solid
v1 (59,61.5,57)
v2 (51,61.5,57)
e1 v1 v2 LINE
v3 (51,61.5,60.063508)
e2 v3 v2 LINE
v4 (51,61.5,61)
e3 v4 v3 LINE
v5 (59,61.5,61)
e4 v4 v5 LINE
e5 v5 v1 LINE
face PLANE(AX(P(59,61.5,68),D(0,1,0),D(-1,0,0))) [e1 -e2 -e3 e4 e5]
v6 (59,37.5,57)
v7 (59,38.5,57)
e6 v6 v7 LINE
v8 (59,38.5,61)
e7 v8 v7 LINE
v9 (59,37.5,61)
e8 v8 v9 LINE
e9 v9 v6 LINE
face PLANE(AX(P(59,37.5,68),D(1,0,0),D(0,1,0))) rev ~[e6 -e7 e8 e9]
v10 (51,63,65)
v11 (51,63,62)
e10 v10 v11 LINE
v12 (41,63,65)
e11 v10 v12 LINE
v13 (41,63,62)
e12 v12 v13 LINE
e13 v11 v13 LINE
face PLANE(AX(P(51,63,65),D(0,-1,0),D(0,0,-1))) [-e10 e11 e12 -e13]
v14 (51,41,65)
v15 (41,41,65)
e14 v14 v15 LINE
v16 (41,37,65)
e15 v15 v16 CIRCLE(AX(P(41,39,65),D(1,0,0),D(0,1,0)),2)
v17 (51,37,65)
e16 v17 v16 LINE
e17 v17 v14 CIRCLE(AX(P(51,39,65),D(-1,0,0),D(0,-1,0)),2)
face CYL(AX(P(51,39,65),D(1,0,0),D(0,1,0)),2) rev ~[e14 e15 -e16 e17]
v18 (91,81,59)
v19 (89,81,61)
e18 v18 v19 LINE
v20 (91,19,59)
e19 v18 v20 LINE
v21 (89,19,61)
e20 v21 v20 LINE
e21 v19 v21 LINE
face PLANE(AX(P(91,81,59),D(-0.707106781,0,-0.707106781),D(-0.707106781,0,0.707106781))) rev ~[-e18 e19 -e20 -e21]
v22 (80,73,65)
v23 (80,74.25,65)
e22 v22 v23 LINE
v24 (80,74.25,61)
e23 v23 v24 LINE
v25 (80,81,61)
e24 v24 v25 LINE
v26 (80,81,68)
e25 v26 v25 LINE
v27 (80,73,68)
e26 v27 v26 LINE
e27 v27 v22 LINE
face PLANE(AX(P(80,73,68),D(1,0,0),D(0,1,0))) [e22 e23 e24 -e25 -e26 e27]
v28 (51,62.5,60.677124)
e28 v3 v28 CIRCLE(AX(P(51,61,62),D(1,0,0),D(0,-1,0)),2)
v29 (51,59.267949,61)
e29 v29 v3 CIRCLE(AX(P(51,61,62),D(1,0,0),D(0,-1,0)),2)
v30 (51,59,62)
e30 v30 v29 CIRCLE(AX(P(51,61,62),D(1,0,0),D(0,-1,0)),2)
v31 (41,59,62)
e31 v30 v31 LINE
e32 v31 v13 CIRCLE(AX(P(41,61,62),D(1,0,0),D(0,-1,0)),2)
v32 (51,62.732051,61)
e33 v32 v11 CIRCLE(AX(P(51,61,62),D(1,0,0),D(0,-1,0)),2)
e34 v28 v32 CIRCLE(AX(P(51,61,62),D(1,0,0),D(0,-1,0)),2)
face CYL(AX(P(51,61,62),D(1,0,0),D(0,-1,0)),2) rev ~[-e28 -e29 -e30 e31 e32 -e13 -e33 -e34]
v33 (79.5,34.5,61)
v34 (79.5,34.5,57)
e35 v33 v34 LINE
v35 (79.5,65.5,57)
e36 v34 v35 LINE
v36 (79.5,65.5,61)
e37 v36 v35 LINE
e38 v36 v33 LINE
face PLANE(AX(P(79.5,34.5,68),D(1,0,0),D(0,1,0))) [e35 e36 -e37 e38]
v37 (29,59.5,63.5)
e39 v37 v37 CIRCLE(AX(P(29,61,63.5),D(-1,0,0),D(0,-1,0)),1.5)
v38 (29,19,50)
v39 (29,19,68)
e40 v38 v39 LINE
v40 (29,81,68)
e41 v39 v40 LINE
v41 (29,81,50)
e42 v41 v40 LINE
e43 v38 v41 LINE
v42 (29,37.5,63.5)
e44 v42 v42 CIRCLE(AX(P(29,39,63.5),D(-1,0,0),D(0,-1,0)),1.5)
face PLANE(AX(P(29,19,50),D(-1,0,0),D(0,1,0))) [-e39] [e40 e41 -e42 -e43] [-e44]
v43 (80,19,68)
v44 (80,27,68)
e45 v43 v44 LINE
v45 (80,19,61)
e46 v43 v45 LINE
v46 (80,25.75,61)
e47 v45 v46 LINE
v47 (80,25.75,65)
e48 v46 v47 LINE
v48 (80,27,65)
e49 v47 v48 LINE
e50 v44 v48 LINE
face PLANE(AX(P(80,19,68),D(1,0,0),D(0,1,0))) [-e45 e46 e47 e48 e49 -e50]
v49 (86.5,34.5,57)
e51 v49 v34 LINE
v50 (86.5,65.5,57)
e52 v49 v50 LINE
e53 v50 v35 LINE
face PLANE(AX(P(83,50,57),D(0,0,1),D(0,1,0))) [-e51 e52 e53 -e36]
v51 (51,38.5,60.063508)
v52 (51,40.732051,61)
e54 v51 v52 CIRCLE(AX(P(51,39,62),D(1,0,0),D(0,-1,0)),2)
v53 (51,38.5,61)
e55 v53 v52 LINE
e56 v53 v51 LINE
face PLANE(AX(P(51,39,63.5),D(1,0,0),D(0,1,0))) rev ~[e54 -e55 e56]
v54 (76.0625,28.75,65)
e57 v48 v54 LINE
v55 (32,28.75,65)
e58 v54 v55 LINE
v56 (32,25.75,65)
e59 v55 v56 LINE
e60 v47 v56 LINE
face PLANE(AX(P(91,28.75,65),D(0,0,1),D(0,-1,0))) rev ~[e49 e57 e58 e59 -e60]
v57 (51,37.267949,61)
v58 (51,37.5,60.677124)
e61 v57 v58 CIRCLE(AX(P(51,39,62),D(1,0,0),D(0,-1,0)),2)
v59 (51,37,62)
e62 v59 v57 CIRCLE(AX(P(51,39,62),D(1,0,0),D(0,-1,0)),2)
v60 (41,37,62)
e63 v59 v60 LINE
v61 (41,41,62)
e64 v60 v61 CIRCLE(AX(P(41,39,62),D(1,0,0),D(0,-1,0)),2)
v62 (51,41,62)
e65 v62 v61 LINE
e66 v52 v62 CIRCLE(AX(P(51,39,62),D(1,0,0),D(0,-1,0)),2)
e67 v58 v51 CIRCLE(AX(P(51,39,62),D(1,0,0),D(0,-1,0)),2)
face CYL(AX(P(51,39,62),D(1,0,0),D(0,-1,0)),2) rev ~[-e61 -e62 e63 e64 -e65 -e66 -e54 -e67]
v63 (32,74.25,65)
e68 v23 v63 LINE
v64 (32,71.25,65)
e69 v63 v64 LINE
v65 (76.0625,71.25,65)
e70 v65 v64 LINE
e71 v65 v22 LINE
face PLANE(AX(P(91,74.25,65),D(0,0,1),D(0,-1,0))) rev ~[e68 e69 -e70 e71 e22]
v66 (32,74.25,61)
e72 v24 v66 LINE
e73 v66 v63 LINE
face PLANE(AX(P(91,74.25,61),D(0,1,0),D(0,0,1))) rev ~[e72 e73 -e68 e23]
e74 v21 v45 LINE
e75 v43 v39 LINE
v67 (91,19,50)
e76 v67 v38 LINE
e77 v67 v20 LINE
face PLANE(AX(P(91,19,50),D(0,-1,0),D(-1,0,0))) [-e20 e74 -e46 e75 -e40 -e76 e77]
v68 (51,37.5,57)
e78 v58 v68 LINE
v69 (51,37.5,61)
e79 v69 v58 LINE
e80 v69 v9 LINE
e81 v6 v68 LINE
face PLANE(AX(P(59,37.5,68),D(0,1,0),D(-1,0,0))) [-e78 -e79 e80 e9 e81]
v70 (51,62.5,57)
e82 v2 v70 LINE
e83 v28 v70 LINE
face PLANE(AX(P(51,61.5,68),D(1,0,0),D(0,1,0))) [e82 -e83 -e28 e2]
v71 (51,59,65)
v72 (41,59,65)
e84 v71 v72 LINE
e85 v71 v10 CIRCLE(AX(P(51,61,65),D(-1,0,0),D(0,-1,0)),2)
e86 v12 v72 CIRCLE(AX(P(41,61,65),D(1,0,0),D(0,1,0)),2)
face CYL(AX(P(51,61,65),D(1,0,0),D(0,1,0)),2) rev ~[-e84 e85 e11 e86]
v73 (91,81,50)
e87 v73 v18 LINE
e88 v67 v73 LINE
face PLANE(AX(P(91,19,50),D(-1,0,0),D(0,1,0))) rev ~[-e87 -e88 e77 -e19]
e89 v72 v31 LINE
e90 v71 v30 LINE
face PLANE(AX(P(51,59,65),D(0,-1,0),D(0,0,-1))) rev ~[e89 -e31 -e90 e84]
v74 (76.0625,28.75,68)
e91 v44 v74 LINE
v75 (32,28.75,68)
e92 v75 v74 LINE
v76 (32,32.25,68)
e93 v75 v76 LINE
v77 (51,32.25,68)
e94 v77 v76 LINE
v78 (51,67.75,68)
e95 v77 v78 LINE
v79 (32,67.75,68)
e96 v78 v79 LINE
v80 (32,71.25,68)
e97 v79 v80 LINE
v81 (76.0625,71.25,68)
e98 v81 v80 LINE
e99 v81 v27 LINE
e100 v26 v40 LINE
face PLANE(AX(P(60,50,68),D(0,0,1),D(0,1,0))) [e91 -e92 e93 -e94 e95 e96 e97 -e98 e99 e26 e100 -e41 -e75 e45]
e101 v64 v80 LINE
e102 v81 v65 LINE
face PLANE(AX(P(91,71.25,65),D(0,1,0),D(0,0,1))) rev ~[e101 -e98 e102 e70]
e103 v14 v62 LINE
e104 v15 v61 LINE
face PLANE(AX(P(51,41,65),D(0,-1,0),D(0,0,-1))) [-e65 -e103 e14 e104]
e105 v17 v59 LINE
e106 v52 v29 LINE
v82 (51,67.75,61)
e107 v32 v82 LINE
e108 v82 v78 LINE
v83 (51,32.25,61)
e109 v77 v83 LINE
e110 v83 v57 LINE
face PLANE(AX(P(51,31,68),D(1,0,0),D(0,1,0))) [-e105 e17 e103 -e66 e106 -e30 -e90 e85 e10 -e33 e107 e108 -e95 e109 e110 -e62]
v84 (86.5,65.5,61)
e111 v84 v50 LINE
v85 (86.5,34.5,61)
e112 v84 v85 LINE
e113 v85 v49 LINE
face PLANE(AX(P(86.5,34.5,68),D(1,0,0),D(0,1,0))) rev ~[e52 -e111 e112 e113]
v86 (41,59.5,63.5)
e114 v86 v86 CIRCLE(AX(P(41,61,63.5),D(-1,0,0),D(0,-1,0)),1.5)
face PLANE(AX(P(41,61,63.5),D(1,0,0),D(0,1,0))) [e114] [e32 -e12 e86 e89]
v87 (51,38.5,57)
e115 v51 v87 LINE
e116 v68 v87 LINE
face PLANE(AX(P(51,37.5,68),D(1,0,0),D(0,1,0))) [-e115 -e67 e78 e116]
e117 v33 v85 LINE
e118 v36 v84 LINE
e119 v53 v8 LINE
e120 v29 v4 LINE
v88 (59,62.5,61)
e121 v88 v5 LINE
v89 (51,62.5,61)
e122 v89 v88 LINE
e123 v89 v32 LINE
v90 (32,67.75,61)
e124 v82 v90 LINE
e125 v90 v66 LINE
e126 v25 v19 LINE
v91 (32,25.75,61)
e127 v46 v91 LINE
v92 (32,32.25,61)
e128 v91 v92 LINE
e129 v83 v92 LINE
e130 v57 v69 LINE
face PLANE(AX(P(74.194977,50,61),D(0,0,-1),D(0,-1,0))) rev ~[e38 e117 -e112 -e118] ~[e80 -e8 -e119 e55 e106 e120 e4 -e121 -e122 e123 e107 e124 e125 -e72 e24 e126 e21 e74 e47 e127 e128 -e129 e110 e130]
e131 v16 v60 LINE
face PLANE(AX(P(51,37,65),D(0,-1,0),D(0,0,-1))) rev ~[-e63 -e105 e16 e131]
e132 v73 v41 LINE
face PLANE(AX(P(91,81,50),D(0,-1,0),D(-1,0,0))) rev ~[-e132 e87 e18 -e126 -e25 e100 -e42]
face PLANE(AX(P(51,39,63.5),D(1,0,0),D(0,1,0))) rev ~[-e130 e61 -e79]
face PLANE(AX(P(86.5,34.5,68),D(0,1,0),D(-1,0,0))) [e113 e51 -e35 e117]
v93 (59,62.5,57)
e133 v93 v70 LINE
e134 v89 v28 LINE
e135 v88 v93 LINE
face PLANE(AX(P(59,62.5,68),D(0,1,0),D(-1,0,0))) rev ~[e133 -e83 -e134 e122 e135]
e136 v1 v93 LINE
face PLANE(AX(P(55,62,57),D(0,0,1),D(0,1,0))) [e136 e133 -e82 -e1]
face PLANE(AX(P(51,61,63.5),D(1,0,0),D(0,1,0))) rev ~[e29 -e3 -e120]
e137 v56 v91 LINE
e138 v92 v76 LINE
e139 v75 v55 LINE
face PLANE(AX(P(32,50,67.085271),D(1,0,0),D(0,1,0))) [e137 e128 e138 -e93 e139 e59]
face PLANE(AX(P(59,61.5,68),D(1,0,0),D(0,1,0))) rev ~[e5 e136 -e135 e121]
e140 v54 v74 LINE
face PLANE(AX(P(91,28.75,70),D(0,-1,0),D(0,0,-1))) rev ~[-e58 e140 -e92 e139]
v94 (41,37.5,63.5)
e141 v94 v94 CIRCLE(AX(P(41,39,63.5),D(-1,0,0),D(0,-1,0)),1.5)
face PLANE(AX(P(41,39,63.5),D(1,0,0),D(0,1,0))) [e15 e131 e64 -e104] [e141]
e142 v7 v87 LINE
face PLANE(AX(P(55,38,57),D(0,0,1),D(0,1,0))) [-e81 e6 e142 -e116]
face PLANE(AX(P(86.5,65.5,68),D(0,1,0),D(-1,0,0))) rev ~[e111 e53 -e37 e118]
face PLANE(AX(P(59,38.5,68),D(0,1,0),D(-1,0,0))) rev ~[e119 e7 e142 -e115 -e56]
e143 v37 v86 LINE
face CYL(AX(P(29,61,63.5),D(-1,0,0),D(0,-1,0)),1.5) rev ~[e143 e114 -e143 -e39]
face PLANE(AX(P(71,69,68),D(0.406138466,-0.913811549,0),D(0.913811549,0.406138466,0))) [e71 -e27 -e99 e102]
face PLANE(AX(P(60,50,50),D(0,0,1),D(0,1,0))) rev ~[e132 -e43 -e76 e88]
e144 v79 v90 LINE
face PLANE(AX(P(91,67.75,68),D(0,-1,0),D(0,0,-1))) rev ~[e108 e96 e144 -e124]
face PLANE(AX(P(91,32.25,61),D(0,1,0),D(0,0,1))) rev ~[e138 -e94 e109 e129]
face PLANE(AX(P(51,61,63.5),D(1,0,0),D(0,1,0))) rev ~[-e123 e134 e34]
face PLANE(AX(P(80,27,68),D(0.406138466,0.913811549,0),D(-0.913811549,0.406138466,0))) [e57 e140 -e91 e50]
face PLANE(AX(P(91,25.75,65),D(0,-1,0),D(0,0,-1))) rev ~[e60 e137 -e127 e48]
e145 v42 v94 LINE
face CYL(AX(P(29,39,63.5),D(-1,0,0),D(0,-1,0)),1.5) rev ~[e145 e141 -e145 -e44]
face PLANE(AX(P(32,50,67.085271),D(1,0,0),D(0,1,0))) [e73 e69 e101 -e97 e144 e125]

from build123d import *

# Parameters (mm, degrees)
SKETCH072_W             = 62
SKETCH072_H             = 62
PAD012_DEPTH            = 18
POCKET059_DEPTH         = 59
POCKET060_DEPTH         = 7
SKETCH077_R             = 1.5
POCKET062_DEPTH         = 22
POCKET067_DEPTH         = 10
SKETCH076_W             = 31
SKETCH076_H             = 7
SKETCH076_W_2           = 1
SKETCH076_H_2           = 8
POCKET065_DEPTH         = 11
POCKET066_DEPTH         = 62.001
BODY012_PLACEMENT_ANGLE = 90


with BuildPart() as part:
    # Sketch072 → Pad012 (new body)
    with BuildSketch(Plane.XY):
        Rectangle(SKETCH072_W, SKETCH072_H)
    extrude(amount=PAD012_DEPTH)

    # Sketch074 → Pocket059 (cut)
    with BuildSketch(Plane.XZ.offset(31)):
        Polygon((-21.25, 20), (-21.25, 15), (-24.25, 15), (-24.25, 11), (-17.75, 11), (-17.75, 18), (17.75, 18), (17.75, 11), (24.25, 11), (24.25, 15), (21.25, 15), (21.25, 20), align=None)
    extrude(amount=-POCKET059_DEPTH, mode=Mode.SUBTRACT)

    # Sketch075 (on Face5 of Pocket059) → Pocket060 (cut)
    with BuildSketch(Plane.XY.offset(18)):
        Polygon((-19, -11), (-19, 9), (19, 9), (19, -11), (23, -20), (31, -20), (31, -31), (-31, -31), (-31, -20), (-23, -20), align=None)
    extrude(amount=-POCKET060_DEPTH, mode=Mode.SUBTRACT)

    # Sketch077 → Pocket062 (cut)
    with BuildSketch(Plane(origin=(0, 31, 0), x_dir=(-1, 0, 0), z_dir=(0, 1, 0))):
        with Locations((-11, 13.5)):
            Circle(SKETCH077_R)
        with Locations((11, 13.5)):
            Circle(SKETCH077_R)
    extrude(amount=-POCKET062_DEPTH, mode=Mode.SUBTRACT)

    # Sketch081 (on Face35 of Pocket062) → Pocket067 (cut)
    with BuildSketch(Plane.XZ.offset(-9)):
        with BuildLine():
            ThreePointArc((-9, 15), (-11, 17), (-13, 15))
            Line((-13, 15), (-13, 12))
            ThreePointArc((-13, 12), (-11, 10), (-9, 12))
            Line((-9, 15), (-9, 12))
        make_face()
        with BuildLine():
            ThreePointArc((13, 15), (11, 17), (9, 15))
            Line((9, 15), (9, 12))
            ThreePointArc((9, 12), (11, 10), (13, 12))
            Line((13, 15), (13, 12))
        make_face()
    extrude(amount=-POCKET067_DEPTH, mode=Mode.SUBTRACT)

    # Sketch076 (on Face4 of Pocket060) → Pocket065 (cut)
    with BuildSketch(Plane.XY.offset(18)):
        with Locations((0, -23)):
            Rectangle(SKETCH076_W, SKETCH076_H)
        with Locations((-12, 5)):
            Rectangle(SKETCH076_W_2, SKETCH076_H_2)
        with Locations((12, 5)):
            Rectangle(SKETCH076_W_2, SKETCH076_H_2)
    extrude(amount=-POCKET065_DEPTH, mode=Mode.SUBTRACT)

    # Sketch080 (on Face8 of Pocket065) → Pocket066 (cut, through all)
    with BuildSketch(Plane.YZ.offset(31)):
        Polygon((-31, 11), (-31, 9), (-29, 11), align=None)
    extrude(amount=-POCKET066_DEPTH, mode=Mode.SUBTRACT)


with BuildPart() as part_1:
    # Body012 placement: moved
    add(part.part.moved(Location((60, 50, 50))).rotate(Axis((60, 50, 50), (0, 0, 1)), BODY012_PLACEMENT_ANGLE))


solid = part_1.part
